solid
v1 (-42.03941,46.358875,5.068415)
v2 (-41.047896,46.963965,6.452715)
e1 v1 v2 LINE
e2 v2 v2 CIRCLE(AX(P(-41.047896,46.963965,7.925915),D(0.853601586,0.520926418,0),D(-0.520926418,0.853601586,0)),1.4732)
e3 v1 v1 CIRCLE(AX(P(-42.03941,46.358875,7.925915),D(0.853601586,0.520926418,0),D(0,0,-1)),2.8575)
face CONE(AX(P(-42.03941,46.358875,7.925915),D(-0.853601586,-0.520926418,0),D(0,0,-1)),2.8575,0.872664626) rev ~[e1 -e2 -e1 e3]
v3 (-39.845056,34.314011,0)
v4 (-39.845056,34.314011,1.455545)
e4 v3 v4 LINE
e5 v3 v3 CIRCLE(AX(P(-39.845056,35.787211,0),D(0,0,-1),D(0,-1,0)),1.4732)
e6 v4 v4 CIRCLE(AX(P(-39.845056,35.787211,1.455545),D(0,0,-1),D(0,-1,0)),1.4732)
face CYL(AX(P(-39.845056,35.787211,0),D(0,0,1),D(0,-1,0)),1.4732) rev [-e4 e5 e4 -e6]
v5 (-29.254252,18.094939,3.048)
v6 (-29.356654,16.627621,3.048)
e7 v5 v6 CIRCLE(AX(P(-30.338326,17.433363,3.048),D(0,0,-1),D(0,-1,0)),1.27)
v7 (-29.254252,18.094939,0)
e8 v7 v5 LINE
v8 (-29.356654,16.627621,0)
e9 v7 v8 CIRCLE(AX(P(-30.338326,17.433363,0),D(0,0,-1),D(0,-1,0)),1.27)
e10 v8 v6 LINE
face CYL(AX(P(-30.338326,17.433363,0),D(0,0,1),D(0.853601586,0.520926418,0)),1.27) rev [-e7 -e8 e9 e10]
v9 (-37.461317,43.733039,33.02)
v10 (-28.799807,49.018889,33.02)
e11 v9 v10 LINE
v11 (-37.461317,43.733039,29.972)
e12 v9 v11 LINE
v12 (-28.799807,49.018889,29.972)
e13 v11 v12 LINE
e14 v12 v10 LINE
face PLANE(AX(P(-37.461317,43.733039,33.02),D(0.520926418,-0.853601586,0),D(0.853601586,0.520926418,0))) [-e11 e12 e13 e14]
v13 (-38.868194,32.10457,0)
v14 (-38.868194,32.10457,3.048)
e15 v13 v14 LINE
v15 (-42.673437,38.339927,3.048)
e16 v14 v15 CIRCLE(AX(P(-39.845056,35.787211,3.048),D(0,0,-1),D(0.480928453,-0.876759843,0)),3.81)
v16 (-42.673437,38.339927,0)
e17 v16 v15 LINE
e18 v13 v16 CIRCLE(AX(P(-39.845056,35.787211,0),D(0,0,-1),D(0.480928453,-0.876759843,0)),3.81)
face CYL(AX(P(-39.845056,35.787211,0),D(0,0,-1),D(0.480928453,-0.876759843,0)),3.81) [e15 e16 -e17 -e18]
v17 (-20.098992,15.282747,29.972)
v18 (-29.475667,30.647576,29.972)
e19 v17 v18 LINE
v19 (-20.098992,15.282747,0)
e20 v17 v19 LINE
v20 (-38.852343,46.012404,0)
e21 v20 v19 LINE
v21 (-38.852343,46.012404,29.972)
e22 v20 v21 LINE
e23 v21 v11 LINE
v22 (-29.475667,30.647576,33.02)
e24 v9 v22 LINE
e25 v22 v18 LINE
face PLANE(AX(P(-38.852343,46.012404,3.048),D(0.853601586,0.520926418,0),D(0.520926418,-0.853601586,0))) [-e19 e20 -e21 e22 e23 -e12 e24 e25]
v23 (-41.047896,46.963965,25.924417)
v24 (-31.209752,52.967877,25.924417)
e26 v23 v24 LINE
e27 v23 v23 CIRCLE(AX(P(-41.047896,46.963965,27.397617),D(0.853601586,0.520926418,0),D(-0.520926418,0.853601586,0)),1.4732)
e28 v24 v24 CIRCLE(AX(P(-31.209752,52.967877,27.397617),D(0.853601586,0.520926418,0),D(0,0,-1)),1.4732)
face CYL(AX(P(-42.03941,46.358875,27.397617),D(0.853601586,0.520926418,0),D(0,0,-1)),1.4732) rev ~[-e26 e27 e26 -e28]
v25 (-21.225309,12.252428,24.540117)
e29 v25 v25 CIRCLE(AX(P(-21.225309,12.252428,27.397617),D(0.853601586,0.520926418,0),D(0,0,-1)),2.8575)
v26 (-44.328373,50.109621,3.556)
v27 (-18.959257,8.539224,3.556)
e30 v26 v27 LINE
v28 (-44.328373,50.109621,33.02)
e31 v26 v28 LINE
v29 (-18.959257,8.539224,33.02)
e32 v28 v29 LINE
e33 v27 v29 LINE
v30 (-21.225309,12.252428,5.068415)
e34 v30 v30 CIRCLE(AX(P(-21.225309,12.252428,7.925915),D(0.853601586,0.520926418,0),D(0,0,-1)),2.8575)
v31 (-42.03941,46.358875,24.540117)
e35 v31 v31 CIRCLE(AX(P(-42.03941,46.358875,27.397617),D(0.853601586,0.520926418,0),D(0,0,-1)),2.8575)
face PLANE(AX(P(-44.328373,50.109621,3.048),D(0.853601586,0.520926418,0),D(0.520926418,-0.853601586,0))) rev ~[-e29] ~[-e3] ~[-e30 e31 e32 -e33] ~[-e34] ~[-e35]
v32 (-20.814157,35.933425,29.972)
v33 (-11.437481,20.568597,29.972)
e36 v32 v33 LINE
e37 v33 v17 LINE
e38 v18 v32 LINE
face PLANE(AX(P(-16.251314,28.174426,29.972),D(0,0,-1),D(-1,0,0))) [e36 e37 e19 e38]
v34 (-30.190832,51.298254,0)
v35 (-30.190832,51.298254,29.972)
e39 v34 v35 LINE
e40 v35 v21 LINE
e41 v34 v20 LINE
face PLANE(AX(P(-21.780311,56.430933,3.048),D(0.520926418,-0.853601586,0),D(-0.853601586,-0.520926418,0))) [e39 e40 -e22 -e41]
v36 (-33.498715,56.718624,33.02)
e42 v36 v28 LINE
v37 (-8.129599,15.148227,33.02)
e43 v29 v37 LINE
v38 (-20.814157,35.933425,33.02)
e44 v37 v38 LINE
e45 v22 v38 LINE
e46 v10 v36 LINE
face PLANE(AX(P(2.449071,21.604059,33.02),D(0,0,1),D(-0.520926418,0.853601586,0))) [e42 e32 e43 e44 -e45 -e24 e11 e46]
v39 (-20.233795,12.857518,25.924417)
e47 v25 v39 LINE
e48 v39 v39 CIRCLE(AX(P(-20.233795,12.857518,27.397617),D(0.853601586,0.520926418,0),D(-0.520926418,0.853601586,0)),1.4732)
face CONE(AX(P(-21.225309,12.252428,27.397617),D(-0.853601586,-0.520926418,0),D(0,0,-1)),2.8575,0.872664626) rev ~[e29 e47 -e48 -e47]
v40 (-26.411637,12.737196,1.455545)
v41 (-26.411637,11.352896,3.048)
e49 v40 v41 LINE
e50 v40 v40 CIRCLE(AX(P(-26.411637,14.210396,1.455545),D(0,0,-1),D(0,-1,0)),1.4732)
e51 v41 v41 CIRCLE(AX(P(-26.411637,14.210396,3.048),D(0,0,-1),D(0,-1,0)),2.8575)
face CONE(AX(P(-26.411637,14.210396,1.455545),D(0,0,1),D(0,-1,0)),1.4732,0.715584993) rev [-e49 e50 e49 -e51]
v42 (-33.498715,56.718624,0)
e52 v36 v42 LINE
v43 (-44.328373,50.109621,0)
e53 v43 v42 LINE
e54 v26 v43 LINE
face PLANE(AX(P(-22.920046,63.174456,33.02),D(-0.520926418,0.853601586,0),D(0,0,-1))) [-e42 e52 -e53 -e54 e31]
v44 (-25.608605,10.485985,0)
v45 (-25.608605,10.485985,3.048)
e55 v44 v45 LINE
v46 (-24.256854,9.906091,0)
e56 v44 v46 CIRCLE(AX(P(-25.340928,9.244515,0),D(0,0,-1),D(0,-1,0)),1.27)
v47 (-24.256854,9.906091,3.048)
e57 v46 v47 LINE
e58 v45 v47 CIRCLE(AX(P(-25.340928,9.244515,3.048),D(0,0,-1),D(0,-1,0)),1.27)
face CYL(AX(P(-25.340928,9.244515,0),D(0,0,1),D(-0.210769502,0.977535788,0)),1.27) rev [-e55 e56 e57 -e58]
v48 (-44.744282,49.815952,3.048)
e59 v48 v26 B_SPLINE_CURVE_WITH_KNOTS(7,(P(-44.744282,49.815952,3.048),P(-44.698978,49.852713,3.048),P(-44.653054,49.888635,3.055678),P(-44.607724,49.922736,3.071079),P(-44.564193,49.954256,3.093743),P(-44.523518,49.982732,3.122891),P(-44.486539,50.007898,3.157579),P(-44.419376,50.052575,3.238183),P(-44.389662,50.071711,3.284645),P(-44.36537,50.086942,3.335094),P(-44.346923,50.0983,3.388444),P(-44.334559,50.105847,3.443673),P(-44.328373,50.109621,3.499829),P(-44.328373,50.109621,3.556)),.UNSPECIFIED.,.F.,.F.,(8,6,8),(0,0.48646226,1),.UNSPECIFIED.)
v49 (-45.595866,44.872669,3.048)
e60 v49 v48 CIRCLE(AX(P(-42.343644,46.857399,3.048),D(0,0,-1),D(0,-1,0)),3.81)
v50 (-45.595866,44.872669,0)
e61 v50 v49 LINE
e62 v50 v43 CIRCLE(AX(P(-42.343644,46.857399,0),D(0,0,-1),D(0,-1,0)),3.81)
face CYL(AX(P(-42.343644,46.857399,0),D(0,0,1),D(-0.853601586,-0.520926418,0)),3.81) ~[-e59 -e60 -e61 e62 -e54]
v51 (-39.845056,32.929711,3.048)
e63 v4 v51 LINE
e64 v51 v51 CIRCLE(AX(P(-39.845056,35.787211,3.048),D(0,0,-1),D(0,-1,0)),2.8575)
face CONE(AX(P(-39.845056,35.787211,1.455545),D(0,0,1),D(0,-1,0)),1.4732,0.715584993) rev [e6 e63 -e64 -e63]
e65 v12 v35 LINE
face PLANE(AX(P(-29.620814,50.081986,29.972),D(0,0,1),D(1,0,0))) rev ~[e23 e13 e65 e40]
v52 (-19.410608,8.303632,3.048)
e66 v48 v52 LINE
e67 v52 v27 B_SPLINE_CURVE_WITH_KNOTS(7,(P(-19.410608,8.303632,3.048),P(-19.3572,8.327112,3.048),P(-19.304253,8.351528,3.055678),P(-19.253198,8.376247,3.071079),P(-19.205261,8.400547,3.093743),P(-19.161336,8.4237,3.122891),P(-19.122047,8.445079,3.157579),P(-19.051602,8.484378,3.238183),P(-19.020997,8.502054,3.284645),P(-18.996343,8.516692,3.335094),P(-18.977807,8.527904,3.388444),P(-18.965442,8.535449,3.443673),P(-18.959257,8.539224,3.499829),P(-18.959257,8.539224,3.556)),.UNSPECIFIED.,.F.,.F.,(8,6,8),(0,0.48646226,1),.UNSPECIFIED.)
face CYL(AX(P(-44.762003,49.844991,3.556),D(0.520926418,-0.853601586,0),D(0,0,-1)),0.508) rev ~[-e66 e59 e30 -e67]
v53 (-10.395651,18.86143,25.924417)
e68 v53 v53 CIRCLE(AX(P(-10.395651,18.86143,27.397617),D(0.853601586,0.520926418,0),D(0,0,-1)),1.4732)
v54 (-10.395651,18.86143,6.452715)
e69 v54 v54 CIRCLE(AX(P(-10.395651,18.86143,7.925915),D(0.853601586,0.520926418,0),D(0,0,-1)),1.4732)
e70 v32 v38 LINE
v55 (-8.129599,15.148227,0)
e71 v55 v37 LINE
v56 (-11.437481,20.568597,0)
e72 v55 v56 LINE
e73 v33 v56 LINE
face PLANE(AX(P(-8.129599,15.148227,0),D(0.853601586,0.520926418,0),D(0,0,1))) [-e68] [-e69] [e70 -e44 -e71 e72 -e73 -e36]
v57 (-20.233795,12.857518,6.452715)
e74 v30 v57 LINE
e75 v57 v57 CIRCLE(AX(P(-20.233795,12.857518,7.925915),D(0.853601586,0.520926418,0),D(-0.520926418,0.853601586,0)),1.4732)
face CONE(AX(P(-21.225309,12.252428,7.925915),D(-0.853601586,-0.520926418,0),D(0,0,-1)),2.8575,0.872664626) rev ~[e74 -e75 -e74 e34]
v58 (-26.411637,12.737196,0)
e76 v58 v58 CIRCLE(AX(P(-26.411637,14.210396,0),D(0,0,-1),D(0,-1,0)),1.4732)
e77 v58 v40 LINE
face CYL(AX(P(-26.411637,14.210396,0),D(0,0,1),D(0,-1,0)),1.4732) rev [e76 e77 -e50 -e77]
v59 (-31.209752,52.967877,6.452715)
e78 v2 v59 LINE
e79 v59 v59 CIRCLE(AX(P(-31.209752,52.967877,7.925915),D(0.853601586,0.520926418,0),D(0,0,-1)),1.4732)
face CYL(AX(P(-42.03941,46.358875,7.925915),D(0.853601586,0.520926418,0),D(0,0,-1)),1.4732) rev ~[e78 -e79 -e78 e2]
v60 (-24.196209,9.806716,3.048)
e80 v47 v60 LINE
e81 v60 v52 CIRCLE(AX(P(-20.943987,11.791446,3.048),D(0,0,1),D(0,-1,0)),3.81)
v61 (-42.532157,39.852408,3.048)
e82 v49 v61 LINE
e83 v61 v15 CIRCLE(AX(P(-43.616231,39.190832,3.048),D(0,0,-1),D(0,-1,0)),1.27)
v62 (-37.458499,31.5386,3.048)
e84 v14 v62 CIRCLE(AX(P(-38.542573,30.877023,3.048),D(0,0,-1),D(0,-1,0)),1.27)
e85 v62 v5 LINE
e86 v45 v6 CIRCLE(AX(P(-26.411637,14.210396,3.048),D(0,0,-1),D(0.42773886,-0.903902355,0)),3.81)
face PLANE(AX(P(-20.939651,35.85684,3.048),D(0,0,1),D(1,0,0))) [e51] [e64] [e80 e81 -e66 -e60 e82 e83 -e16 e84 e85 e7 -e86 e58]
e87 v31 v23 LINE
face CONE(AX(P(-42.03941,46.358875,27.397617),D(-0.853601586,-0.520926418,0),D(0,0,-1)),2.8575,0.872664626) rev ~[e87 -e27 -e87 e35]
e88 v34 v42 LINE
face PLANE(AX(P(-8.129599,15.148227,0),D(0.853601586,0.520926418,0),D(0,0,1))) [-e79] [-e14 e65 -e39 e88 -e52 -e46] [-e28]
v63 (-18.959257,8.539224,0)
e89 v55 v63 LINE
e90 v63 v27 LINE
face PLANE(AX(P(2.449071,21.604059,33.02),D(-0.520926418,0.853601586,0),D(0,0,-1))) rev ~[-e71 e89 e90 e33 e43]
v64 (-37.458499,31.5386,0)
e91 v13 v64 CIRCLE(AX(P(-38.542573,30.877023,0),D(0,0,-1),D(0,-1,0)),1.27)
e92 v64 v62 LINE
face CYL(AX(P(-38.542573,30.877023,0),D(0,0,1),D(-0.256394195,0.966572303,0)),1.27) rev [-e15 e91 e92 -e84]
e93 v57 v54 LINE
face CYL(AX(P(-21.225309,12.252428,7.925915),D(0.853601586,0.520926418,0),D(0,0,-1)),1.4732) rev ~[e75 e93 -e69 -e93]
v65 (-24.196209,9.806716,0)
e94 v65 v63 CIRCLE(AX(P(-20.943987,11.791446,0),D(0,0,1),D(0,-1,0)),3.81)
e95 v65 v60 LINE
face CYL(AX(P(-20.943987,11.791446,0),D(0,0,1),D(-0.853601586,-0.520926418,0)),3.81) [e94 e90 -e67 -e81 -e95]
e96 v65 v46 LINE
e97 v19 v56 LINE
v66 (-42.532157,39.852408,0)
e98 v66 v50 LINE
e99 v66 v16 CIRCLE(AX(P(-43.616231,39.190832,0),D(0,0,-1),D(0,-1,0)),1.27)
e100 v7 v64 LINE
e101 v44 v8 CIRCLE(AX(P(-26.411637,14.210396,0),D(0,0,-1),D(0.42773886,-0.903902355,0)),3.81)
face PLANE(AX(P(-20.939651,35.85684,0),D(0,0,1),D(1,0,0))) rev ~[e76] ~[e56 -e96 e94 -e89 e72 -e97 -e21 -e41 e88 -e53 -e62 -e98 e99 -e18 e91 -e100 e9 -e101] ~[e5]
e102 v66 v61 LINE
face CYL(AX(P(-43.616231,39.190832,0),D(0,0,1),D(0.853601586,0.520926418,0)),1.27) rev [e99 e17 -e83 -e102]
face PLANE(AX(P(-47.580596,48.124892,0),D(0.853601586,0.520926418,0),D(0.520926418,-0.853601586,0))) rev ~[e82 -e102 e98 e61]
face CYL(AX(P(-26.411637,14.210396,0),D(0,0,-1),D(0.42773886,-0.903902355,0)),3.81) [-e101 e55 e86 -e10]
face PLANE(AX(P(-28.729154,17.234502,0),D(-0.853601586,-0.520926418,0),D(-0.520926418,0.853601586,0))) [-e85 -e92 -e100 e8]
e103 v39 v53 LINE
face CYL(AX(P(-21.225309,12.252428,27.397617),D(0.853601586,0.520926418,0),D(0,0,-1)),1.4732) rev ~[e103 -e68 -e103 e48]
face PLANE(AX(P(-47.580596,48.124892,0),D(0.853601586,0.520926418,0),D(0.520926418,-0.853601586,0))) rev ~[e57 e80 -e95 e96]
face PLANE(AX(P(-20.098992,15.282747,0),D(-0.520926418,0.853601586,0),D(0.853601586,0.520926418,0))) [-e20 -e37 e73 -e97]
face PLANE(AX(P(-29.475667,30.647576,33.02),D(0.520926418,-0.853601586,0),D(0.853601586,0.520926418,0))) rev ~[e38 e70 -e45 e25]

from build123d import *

# Parameters (mm, degrees)
BOSS_EXTRUDE1_DEPTH                               = 3.048
BOSS_EXTRUDE2_DEPTH                               = 29.971999999999998
BOSS_EXTRUDE3_DEPTH                               = 3.048
BOSS_EXTRUDE4_DEPTH                               = 3.048
SKETCH13_W                                        = 29.972
SKETCH13_H                                        = 48.7
BOSS_EXTRUDE5_DEPTH                               = 3.048
CSK_FOR_4_FLAT_HEAD_MACHINE_SCREW_100_D           = 2.9464
CSK_FOR_4_FLAT_HEAD_MACHINE_SCREW_100_CSINK_D     = 5.715
CSK_FOR_4_FLAT_HEAD_MACHINE_SCREW_100_CSINK_ANGLE = 100
CUT_EXTRUDE1_DEPTH                                = 1.397
CUT_EXTRUDE1_DEPTH_BACK                           = 1.397
SKETCH15_R                                        = 9.184035329670005
SKETCH15_R_2                                      = 8.124741076595411
SKETCH15_R_3                                      = 8.201451240556812
SKETCH15_R_4                                      = 5.810172256980604
BOSS_EXTRUDE6_DEPTH                               = 3.048
CSK_FOR_4_FLAT_HEAD_MACHINE_SCREW1_AT_2_COUNT     = 2
CSK_FOR_4_FLAT_HEAD_MACHINE_SCREW1_AT_2_PITCH     = 35.474094707842795
CSK_FOR_4_FLAT_HEAD_MACHINE_SCREW1_AT_3_COUNT     = 2
CSK_FOR_4_FLAT_HEAD_MACHINE_SCREW1_AT_3_PITCH     = 43.70753982500484
CSK_FOR_4_FLAT_HEAD_MACHINE_SCREW1_AT_4_COUNT     = 2
CSK_FOR_4_FLAT_HEAD_MACHINE_SCREW1_AT_4_PITCH     = 25.069264350610375
CUT_EXTRUDE2_DEPTH                                = 3.048
FILLET3_R                                         = 3.8099999999999996
FILLET4_R                                         = 1.27
SKETCH21_W                                        = 2.540000000000001
SKETCH21_H                                        = 33.02
CUT_EXTRUDE3_DEPTH                                = 77.47
FILLET5_R                                         = 0.508
FILLET6_R                                         = 0.508
SKETCH22_W                                        = 123.04970813102194
SKETCH22_H                                        = 134.7131875745612
CUT_EXTRUDE4_DEPTH                                = 61.72200000000001


with BuildPart() as part:
    # Sketch2 → Boss-Extrude1 (new body)
    with BuildSketch(Plane.XY):
        Polygon((-47.58059551455695, 48.12489153745831), (-22.21147896413696, 6.554494312375088), (5.701292889255674, 23.58878817682547), (-19.667823661164306, 65.1591854019087), align=None)
        Polygon((-38.85234269167306, 46.0124042215628), (-20.098991648241444, 15.282747135258976), (-3.0269599336282123, 25.701275492720985), (-21.78031097705982, 56.430932579024805), align=None, mode=Mode.SUBTRACT)
    extrude(amount=BOSS_EXTRUDE1_DEPTH)

    # Sketch3 → Boss-Extrude2 (add)
    with BuildSketch(Plane.XY.offset(3.048)):
        Polygon((2.4490708476218597, 21.604058524728963), (-22.920045702798127, 63.17445574981219), (-44.328373472923126, 50.10962118955482), (-18.95925692250314, 8.539223964471608), align=None)
        Polygon((-38.85234269167306, 46.0124042215628), (-20.098991648241444, 15.282747135258976), (-3.0269599336282087, 25.701275492720985), (-21.78031097705982, 56.430932579024805), align=None, mode=Mode.SUBTRACT)
    extrude(amount=BOSS_EXTRUDE2_DEPTH)

    # Sketch4 → Boss-Extrude3 (add)
    with BuildSketch(Plane.XY.offset(33.02)):
        Polygon((-38.85234269167306, 46.0124042215628), (-37.46131723814535, 43.733039051773666), (-20.389285523532113, 54.15156740923567), (-21.78031097705982, 56.430932579024805), align=None)
        Polygon((-29.47566716995725, 30.647575678410885), (-12.403635455344016, 41.0661040358729), (-3.0269599336282087, 25.701275492720985), (-20.098991648241444, 15.282747135258976), align=None)
    extrude(amount=-BOSS_EXTRUDE3_DEPTH)

    # Sketch12 → Boss-Extrude4 (add)
    with BuildSketch(Plane.XY.offset(3.048)):
        Polygon((2.4490708476218597, 21.604058524728963), (5.701292889255674, 23.58878817682547), (8.120429940678708, 25.065112049236276), (-17.248686609741274, 66.6355092743195), (-22.920045702798127, 63.17445574981219), align=None)
    extrude(amount=-BOSS_EXTRUDE4_DEPTH)

    # Sketch13 → Boss-Extrude5 (add)
    with BuildSketch(Plane(origin=(11.391019162328917, 6.95158362794815, 0), x_dir=(0, 0, -1), z_dir=(0.8536015857306615, 0.5209264178731006, 0))):
        with Locations((-18.034000000000002, 41.515472911157566)):
            Rectangle(SKETCH13_W, SKETCH13_H)
    extrude(amount=BOSS_EXTRUDE5_DEPTH)

    # CSK for #4 Flat Head Machine Screw (100)2 (through all)
    with Locations(Plane(origin=(-10.017308607796087, -6.113250932309213, 0), x_dir=(0, 0, 1), z_dir=(-0.8536015857306615, -0.5209264178731007, 0))):
        with Locations((27.397617355, 61.471448289), (7.925915452, 61.471448289), (7.925915452, 21.515515982), (27.397617355, 21.515515982)):
            CounterSinkHole(CSK_FOR_4_FLAT_HEAD_MACHINE_SCREW_100_D / 2, CSK_FOR_4_FLAT_HEAD_MACHINE_SCREW_100_CSINK_D / 2, counter_sink_angle=CSK_FOR_4_FLAT_HEAD_MACHINE_SCREW_100_CSINK_ANGLE)

    # Sketch14 → Cut-Extrude1 (cut, two sides: drawn at the far end of the back side and taken through both)
    with BuildSketch(Plane(origin=(11.607833965104508, 7.083898938087922, 0), x_dir=(0, 0, -1), z_dir=(0.8536015857306615, 0.5209264178731005, 0)).offset(-CUT_EXTRUDE1_DEPTH_BACK)):
        Polygon((-30.697174143874744, 19.61051598216394), (-30.697174143874744, 14.979833054183299), (-24.09806056703731, 14.979833054183299), (-24.09806056703731, 19.610515982163985), (-24.098060567037347, 23.42051598216399), (-27.39761735545604, 25.325515982163957), (-30.697174143874758, 23.420515982163952), align=None)
        Polygon((-27.39761735545604, 57.661448288693826), (-24.098060567037333, 59.56644828869383), (-24.098060567037336, 63.37644828869381), (-24.098060567037336, 70.99644828869384), (-30.69717414387474, 70.99644828869384), (-30.69717414387474, 63.37644828869381), (-30.69717414387474, 59.56644828869381), align=None)
        Polygon((-7.925915451689084, 57.661448288693826), (-4.626358663270381, 59.56644828869382), (-4.626358663270402, 63.37644828869381), (-4.626358663270402, 70.99644828869384), (-11.225472240107786, 70.99644828869384), (-11.225472240107786, 63.376448288693766), (-11.225472240107747, 59.566448288693785), align=None)
        Polygon((-7.925915451689081, 25.325515982163946), (-11.225472240107791, 23.42051598216395), (-11.225472240107791, 19.610515982163946), (-11.225472240107791, 14.979833054183299), (-4.626358663270366, 14.979833054183299), (-4.626358663270366, 19.610515982163953), (-4.6263586632703655, 23.420515982163952), align=None)
    extrude(amount=CUT_EXTRUDE1_DEPTH + CUT_EXTRUDE1_DEPTH_BACK, mode=Mode.SUBTRACT)

    # Sketch15 → Boss-Extrude6 (add)
    with BuildSketch(Plane(origin=(0, 0, 0), x_dir=(-1, 0, 0), z_dir=(0, 0, -1))):
        with Locations((9.758086495919196, 54.36124573948299)):
            Circle(SKETCH15_R)
        with Locations((39.927818301519274, 35.58488100974543)):
            Circle(SKETCH15_R_2)
        with Locations((25.610425726235285, 18.04643091882164)):
            Circle(SKETCH15_R_3)
        with Locations((-3.4576236647063787, 32.70568986323082)):
            Circle(SKETCH15_R_4)
    extrude(amount=-BOSS_EXTRUDE6_DEPTH)

    # Sketch19 → CSK for #4 Flat Head Machine Screw1 (revolve, cut)
    with BuildSketch(Plane(origin=(3.764373982237945, 32.86032278852424, 3.048), x_dir=(0, -1, 0), z_dir=(1, 0, 0))):
        Polygon((0, 0), (-7.5e-16, 3.0480000000000023), (1.4731999999999932, 3.0480000000000023), (1.4731999999999934, 1.59245498611605), (2.857499999999999, -1.73e-15), align=None)
    csk_for_4_flat_head_machine_screw1 = revolve(axis=Axis((3.764373982237945, 32.86032278852424, 9.39799999999999), (0, 0, -1)), mode=Mode.SUBTRACT)

    # CSK for #4 Flat Head Machine Screw1 at 2: CSK for #4 Flat Head Machine Screw1 ×2
    with Locations(*[Vector(-0.8506492202713736, -0.5257336816789507, 0) * (i * CSK_FOR_4_FLAT_HEAD_MACHINE_SCREW1_AT_2_PITCH) for i in range(1, CSK_FOR_4_FLAT_HEAD_MACHINE_SCREW1_AT_2_COUNT)]):
        add(csk_for_4_flat_head_machine_screw1, mode=Mode.SUBTRACT)

    # CSK for #4 Flat Head Machine Screw1 at 3: CSK for #4 Flat Head Machine Screw1 ×2
    with Locations(*[Vector(-0.997755305773639, 0.06696528802709796, 0) * (i * CSK_FOR_4_FLAT_HEAD_MACHINE_SCREW1_AT_3_PITCH) for i in range(1, CSK_FOR_4_FLAT_HEAD_MACHINE_SCREW1_AT_3_COUNT)]):
        add(csk_for_4_flat_head_machine_screw1, mode=Mode.SUBTRACT)

    # CSK for #4 Flat Head Machine Screw1 at 4: CSK for #4 Flat Head Machine Screw1 ×2
    with Locations(*[Vector(-0.5210117203175807, 0.8535495224600124, 0) * (i * CSK_FOR_4_FLAT_HEAD_MACHINE_SCREW1_AT_4_PITCH) for i in range(1, CSK_FOR_4_FLAT_HEAD_MACHINE_SCREW1_AT_4_COUNT)]):
        add(csk_for_4_flat_head_machine_screw1, mode=Mode.SUBTRACT)

    # Sketch20 → Cut-Extrude2 (cut)
    with BuildSketch(Plane(origin=(0, 0, 0), x_dir=(-1, 0, 0), z_dir=(0, 0, -1))):
        with BuildLine():
            Line((14.542293121824187, 62.20075286029573), (11.563953125478477, 57.32037886408755))
            ThreePointArc((11.563953125478477, 57.32037886408755), (6.044784522535942, 56.24291105550805), (7.610320649443919, 50.84186897257834))
            Line((7.610320649443919, 50.84186897257834), (-1.4954062126549716, 35.92102291440944))
            ThreePointArc((-1.4954062126549716, 35.92102291440944), (-7.016596023871767, 34.845052440620755), (-5.448804035753348, 29.442897530407524))
            Line((-5.448804035753348, 29.442897530407524), (-6.484295885760952, 27.746117611303884))
            Line((-6.484295885760952, 27.746117611303884), (-6.762670750549963, 27.28996638176623))
            Line((-6.762670750549963, 27.28996638176623), (-14.061950278269341, 31.74448896114331))
            Line((-14.061950278269341, 31.74448896114331), (8.559037851416688, 68.81174198534737))
            Line((8.559037851416688, 68.81174198534737), (14.542293121824187, 65.16034795406075))
            Line((14.542293121824187, 65.16034795406075), (14.542293121824187, 62.20075286029573))
        make_face()
        Polygon((21.78031097705982, 56.430932579024805), (38.85234269167306, 46.0124042215628), (20.098991648241444, 15.282747135258976), (3.0269599336282123, 25.701275492720985), align=None)
        with BuildLine():
            Line((22.21147896413696, 6.554494312375088), (24.781951964671258, 10.766528400207497))
            ThreePointArc((24.781951964671258, 10.766528400207497), (29.66385906245521, 12.225666721445755), (28.72915433514684, 17.23450177808784))
            Line((28.72915433514684, 17.23450177808784), (38.012718373529104, 32.44675577885475))
            ThreePointArc((38.012718373529104, 32.44675577885475), (43.097277822107074, 33.802481129765034), (41.97793801322115, 38.944252653808825))
            Line((41.97793801322115, 38.944252653808825), (47.58059551455695, 48.12489153745831))
            Line((47.58059551455695, 48.12489153745831), (51.80171473929435, 35.787210781861546))
            Line((51.80171473929435, 35.787210781861546), (47.57680035710003, 5.227667032097241))
            Line((47.57680035710003, 5.227667032097241), (22.21147896413696, 6.554494312375088))
        make_face()
    extrude(amount=-CUT_EXTRUDE2_DEPTH, mode=Mode.SUBTRACT)


with BuildPart() as body_2:
    # of the pieces the cut leaves, the one that is kept (cut_extrude2_keep)
    add(part.part.solids().sort_by_distance((-47.580595515, 48.124891537, 0))[0])

    # Fillet3
    fillet3_edges = [body_2.edges().sort_by_distance(p)[0] for p in [
        (-17.248686609741274, 66.6355092743195, 1.524),
        (-47.58059551455695, 48.12489153745831, 1.524),
        (-22.21147896413696, 6.554494312375088, 1.524),
        (8.120429940678708, 25.065112049236276, 1.524),
    ]]
    fillet(fillet3_edges, radius=FILLET3_R)

    # Fillet4
    fillet4_edges = [body_2.edges().sort_by_distance(p)[0] for p in [
        (1.4954062126549714, 35.92102291440944, 1.524),
        (-24.781951964671258, 10.766528400207495, 1.524),
        (-28.72915433514684, 17.23450177808784, 1.524),
        (-38.0127183735291, 32.44675577885475, 1.524),
        (-41.97793801322115, 38.94425265380882, 1.524),
        (-11.563953125478475, 57.320378864087544, 1.524),
        (-7.610320649443917, 50.84186897257834, 1.524),
    ]]
    fillet(fillet4_edges, radius=FILLET4_R)

    # Sketch21 → Cut-Extrude3 (cut)
    with BuildSketch(Plane(origin=(-8.941948314707059, 14.652474896780824, 0), x_dir=(0.8536015857306616, 0.5209264178731006, 0), z_dir=(0.5209264178731005, -0.8536015857306615, 0))):
        with Locations((2.2216732427396275, 16.51)):
            Rectangle(SKETCH21_W, SKETCH21_H)
    extrude(amount=-CUT_EXTRUDE3_DEPTH, mode=Mode.SUBTRACT)


with BuildPart() as cut_extrude3_piece_1:
    # of the separate pieces the step leaves, piece 1, a body of its own (cut_extrude3_pieces)
    add(body_2.part.solids().sort_by_distance((-12.188709065, 58.344117807, 0))[0])

    # Fillet6
    fillet6_edges = [cut_extrude3_piece_1.edges().sort_by_distance(p)[0] for p in [
        (-7.633709794281099, 43.97704085894782, 3.048),
    ]]
    fillet(fillet6_edges, radius=FILLET6_R)

    # Sketch22 → Cut-Extrude4 (cut)
    with BuildSketch(Plane(origin=(2.067982642978631, 1.2620252919381492, 0), x_dir=(0, 0, -1), z_dir=(0.8536015857306616, 0.5209264178731006, 0))):
        with Locations((-42.687564536567926, 74.45417523171726)):
            Rectangle(SKETCH22_W, SKETCH22_H)
    extrude(amount=CUT_EXTRUDE4_DEPTH, mode=Mode.SUBTRACT)


with BuildPart() as cut_extrude3_piece_2:
    # of the separate pieces the step leaves, piece 2, a body of its own (cut_extrude3_pieces)
    add(body_2.part.solids().sort_by_distance((-42.532157132, 39.852408399, 0))[0])

    # Fillet5
    fillet5_edges = [cut_extrude3_piece_2.edges().sort_by_distance(p)[0] for p in [
        (-31.64381519771313, 29.324422577013216, 3.048),
    ]]
    fillet(fillet5_edges, radius=FILLET5_R)


solid = cut_extrude3_piece_2.part
